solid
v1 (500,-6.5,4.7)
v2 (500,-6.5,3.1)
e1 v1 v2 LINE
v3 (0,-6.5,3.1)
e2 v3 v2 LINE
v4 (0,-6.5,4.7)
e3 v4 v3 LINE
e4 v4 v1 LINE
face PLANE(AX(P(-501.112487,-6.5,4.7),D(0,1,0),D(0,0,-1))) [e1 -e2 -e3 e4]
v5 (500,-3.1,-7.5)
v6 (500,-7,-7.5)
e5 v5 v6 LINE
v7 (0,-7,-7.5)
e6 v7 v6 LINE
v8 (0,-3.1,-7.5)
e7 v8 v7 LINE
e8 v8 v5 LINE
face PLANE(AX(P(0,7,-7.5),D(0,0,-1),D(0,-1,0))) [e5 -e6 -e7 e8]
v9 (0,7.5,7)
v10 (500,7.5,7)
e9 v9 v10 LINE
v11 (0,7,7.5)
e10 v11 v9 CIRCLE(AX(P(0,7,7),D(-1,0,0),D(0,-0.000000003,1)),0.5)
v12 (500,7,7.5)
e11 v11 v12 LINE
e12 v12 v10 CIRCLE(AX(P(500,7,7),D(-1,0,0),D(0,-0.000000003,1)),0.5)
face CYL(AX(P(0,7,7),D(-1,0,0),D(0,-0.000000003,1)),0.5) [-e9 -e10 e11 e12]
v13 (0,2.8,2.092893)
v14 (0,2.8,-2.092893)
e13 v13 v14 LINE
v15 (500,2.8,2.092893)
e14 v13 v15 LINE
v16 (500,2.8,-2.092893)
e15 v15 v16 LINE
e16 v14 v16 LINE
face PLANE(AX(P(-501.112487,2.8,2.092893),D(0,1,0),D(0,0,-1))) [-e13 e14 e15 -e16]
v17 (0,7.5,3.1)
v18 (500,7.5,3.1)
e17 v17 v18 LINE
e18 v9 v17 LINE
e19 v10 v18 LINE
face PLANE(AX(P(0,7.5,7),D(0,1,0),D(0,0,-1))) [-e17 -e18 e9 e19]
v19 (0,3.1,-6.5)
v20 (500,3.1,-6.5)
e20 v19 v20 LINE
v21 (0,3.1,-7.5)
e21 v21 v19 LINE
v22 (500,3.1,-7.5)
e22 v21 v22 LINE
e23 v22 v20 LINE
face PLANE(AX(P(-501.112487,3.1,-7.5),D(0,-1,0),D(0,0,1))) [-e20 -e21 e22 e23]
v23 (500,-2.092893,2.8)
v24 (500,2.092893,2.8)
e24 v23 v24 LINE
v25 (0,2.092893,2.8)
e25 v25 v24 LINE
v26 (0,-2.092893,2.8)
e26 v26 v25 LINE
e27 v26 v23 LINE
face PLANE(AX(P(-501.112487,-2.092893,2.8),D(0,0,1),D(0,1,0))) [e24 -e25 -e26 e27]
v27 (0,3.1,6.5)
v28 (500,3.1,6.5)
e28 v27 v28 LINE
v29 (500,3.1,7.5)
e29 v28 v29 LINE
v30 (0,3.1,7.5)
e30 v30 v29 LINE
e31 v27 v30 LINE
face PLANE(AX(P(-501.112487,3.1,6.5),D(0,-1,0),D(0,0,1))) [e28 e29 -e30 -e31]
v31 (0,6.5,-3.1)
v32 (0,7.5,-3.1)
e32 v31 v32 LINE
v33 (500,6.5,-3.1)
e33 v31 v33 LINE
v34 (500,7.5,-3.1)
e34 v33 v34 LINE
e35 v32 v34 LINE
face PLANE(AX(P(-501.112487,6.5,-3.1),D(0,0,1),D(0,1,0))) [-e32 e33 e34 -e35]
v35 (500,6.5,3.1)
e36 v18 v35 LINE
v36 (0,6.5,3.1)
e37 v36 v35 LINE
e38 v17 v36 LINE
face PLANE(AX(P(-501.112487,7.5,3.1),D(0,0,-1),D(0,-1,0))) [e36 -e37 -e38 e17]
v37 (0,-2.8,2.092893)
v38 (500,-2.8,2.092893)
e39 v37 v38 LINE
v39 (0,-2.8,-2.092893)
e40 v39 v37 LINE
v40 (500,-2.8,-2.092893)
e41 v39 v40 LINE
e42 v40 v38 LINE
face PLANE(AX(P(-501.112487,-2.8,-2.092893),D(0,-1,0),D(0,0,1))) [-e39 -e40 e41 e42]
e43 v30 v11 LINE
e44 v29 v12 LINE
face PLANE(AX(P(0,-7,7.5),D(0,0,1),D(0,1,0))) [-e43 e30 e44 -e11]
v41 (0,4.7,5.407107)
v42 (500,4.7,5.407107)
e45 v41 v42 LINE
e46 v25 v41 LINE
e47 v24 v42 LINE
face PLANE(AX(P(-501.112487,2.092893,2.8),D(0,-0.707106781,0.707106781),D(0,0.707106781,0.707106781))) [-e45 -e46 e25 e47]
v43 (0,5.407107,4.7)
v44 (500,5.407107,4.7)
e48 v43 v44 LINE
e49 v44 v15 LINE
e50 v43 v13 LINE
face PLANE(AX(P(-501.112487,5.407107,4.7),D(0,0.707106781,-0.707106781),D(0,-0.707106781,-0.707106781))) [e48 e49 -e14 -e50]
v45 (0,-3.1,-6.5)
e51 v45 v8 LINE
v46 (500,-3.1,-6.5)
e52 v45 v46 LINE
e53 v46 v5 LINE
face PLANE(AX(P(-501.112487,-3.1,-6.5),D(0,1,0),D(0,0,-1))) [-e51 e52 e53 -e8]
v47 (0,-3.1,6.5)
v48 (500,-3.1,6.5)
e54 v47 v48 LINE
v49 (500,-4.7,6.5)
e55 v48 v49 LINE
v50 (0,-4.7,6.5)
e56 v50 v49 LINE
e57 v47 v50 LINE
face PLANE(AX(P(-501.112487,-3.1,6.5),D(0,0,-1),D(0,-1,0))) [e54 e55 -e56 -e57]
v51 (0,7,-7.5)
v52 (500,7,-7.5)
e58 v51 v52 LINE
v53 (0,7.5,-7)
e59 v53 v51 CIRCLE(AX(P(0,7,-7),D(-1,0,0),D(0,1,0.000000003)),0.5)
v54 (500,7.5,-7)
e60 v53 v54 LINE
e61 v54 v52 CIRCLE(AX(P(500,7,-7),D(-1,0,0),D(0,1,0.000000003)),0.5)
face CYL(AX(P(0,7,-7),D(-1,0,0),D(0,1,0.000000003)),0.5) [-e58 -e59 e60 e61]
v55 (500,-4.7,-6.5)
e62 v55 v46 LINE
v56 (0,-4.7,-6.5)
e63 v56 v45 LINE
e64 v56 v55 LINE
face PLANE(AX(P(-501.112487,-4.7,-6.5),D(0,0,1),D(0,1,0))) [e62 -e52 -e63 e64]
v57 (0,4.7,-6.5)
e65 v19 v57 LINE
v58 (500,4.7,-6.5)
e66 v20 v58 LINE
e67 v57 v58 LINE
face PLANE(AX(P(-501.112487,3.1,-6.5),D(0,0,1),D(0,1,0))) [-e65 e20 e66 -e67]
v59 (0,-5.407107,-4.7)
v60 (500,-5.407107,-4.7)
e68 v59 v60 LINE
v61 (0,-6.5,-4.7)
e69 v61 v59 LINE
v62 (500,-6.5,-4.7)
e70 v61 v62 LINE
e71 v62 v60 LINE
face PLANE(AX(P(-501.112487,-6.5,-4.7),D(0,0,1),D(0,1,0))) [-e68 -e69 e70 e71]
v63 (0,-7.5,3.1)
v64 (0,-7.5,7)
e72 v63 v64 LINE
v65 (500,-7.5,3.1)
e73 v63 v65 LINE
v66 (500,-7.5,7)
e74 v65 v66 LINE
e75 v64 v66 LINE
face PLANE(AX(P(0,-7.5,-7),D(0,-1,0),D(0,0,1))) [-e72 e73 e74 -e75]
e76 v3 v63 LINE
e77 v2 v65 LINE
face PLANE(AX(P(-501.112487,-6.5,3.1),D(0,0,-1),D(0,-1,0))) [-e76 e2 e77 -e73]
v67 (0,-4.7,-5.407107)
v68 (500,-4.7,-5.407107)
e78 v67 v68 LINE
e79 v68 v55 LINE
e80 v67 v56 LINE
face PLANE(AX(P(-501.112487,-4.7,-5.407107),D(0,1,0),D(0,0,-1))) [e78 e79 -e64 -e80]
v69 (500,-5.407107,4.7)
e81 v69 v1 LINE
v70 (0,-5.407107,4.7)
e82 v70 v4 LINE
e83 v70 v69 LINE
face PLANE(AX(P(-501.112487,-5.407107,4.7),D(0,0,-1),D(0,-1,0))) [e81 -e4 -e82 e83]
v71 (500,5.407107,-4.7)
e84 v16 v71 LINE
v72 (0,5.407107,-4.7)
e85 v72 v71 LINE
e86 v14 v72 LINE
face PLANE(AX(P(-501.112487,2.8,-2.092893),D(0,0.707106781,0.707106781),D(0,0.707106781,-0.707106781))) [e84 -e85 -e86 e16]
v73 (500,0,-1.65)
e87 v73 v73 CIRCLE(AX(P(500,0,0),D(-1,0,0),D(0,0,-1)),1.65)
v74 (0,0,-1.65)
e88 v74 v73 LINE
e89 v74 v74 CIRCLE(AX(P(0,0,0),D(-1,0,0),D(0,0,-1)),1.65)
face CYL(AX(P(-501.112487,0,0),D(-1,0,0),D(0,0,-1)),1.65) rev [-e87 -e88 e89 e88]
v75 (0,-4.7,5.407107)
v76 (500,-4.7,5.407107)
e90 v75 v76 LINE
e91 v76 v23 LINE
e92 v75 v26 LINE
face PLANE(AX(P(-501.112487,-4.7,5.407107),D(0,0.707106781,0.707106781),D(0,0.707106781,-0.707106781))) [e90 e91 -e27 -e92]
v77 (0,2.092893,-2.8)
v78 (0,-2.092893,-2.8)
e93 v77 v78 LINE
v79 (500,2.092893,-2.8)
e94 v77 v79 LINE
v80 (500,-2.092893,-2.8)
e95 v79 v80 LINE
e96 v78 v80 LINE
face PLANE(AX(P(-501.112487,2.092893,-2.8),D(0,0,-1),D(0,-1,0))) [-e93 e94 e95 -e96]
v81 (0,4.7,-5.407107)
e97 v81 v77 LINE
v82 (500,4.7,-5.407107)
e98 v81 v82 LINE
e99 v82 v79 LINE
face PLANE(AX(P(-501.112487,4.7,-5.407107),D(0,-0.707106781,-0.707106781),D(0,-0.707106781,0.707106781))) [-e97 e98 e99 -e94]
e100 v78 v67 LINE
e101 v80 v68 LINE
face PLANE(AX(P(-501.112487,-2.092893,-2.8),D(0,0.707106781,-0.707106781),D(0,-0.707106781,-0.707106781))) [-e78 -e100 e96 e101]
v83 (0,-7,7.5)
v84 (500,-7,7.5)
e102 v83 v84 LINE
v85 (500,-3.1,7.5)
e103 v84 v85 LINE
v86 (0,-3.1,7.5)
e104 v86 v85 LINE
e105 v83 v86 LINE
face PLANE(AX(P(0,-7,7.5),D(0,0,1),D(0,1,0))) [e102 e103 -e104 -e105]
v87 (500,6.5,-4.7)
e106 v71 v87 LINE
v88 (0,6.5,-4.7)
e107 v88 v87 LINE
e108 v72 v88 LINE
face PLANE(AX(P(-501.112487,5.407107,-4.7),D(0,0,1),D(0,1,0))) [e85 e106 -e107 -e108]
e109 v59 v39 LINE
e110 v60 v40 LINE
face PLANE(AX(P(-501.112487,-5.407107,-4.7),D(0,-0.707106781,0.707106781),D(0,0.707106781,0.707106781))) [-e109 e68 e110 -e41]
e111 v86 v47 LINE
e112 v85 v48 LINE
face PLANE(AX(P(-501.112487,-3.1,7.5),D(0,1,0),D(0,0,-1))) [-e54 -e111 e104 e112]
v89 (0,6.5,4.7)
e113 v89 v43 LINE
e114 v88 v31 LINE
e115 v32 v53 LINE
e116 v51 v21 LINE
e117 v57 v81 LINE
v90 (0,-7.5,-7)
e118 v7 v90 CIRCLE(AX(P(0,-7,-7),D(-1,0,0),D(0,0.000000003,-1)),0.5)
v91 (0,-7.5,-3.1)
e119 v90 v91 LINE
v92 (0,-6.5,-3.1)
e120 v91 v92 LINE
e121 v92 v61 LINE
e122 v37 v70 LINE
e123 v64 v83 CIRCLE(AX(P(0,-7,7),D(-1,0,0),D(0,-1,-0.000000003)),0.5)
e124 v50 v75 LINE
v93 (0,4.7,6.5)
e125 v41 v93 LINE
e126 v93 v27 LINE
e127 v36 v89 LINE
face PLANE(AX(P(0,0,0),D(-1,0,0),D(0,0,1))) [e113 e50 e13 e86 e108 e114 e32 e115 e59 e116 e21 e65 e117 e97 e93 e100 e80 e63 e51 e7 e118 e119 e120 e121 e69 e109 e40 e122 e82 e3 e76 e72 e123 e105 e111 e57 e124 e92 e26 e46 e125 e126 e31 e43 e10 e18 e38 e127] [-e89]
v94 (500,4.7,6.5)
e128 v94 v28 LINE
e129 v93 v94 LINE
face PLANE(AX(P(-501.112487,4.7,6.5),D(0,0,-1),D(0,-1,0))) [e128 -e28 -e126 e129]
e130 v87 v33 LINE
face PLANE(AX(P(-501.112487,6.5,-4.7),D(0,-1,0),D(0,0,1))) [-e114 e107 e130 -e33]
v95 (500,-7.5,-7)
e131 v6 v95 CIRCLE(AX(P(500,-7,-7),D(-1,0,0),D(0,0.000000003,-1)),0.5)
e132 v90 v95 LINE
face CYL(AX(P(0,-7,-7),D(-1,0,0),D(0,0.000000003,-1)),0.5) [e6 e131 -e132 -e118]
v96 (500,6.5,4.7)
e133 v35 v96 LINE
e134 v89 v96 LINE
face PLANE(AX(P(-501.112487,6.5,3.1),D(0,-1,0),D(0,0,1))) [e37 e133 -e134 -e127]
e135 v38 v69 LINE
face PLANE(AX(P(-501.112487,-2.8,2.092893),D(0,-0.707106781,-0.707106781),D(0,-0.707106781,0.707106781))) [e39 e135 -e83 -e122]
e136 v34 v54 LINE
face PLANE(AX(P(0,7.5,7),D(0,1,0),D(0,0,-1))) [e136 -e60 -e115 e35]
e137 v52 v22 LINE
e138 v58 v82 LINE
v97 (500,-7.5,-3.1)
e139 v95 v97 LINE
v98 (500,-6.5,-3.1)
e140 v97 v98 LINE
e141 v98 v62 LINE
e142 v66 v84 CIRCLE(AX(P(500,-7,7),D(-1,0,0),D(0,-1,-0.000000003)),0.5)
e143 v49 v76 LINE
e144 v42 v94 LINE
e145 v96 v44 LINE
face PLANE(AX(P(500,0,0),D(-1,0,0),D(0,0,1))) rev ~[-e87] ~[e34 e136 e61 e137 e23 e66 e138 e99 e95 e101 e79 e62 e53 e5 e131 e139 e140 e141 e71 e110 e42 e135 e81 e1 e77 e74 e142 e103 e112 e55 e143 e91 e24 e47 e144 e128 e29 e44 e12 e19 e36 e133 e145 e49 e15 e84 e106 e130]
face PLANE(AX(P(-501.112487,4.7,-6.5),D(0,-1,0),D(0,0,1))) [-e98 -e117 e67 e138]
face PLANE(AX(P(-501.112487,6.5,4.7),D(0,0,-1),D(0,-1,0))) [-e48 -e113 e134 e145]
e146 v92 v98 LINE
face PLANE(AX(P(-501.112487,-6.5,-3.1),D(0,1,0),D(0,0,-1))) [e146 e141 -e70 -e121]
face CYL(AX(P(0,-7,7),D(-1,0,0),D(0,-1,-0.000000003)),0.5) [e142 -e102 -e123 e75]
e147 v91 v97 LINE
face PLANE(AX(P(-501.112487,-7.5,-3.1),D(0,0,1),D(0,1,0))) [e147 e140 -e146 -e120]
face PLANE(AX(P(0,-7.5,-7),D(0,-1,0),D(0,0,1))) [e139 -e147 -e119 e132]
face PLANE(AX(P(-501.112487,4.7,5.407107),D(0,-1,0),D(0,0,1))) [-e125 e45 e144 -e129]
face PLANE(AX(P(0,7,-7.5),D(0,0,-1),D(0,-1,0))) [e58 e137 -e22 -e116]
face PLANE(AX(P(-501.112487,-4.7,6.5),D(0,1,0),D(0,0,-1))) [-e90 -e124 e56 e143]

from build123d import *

# Parameters (mm, degrees)
EXTRUDE_1_DEPTH          = 500
CUT_EXTRUDE_2_DEPTH      = 501.112487347
CUT_EXTRUDE_2_DEPTH_BACK = 501.112487347
SKETCH_2_4_R             = 1.65


with BuildPart() as part:
    # 草图2 → 凸台-拉伸1 (new body)
    with BuildSketch(Plane(origin=(0, 0, 0), x_dir=(0, 0, -1), z_dir=(1, 0, 0))):
        with BuildLine():
            Line((-7, 7.5), (7, 7.5))
            ThreePointArc((7, 7.5), (7.353553391, 7.353553391), (7.5, 7))
            Line((7.5, 7), (7.5, -7))
            ThreePointArc((7.5, -7), (7.353553391, -7.353553391), (7, -7.5))
            Line((7, -7.5), (-7, -7.5))
            ThreePointArc((-7, -7.5), (-7.353553391, -7.353553391), (-7.5, -7))
            Line((-7.5, -7), (-7.5, 7))
            ThreePointArc((-7.5, 7), (-7.353553391, 7.353553391), (-7, 7.5))
        make_face()
    extrude(amount=EXTRUDE_1_DEPTH)

    # 草图2<4> → 切除-拉伸2 (cut, two sides: drawn at the far end of the back side and taken through both)
    with BuildSketch(Plane(origin=(0, 0, 0), x_dir=(0, 0, -1), z_dir=(1, 0, 0)).offset(-CUT_EXTRUDE_2_DEPTH_BACK)):
        Polygon((3.1, 7.5), (-3.1, 7.5), (-3.1, 6.5), (-4.7, 6.5), (-4.7, 5.407106781), (-2.092893219, 2.8), (2.092893219, 2.8), (4.7, 5.407106781), (4.7, 6.5), (3.1, 6.5), align=None)
        Polygon((-6.5, 3.1), (-7.5, 3.1), (-7.5, -3.1), (-6.5, -3.1), (-6.5, -4.7), (-5.407106781, -4.7), (-2.8, -2.092893219), (-2.8, 2.092893219), (-5.407106781, 4.7), (-6.5, 4.7), align=None)
        Polygon((7.5, -3.1), (7.5, 3.1), (6.5, 3.1), (6.5, 4.7), (5.407106781, 4.7), (2.8, 2.092893219), (2.8, -2.092893219), (5.407106781, -4.7), (6.5, -4.7), (6.5, -3.1), align=None)
        Polygon((-3.1, -6.5), (-3.1, -7.5), (3.1, -7.5), (3.1, -6.5), (4.7, -6.5), (4.7, -5.407106781), (2.092893219, -2.8), (-2.092893219, -2.8), (-4.7, -5.407106781), (-4.7, -6.5), align=None)
        Circle(SKETCH_2_4_R)
    extrude(amount=CUT_EXTRUDE_2_DEPTH + CUT_EXTRUDE_2_DEPTH_BACK, mode=Mode.SUBTRACT)


solid = part.part
